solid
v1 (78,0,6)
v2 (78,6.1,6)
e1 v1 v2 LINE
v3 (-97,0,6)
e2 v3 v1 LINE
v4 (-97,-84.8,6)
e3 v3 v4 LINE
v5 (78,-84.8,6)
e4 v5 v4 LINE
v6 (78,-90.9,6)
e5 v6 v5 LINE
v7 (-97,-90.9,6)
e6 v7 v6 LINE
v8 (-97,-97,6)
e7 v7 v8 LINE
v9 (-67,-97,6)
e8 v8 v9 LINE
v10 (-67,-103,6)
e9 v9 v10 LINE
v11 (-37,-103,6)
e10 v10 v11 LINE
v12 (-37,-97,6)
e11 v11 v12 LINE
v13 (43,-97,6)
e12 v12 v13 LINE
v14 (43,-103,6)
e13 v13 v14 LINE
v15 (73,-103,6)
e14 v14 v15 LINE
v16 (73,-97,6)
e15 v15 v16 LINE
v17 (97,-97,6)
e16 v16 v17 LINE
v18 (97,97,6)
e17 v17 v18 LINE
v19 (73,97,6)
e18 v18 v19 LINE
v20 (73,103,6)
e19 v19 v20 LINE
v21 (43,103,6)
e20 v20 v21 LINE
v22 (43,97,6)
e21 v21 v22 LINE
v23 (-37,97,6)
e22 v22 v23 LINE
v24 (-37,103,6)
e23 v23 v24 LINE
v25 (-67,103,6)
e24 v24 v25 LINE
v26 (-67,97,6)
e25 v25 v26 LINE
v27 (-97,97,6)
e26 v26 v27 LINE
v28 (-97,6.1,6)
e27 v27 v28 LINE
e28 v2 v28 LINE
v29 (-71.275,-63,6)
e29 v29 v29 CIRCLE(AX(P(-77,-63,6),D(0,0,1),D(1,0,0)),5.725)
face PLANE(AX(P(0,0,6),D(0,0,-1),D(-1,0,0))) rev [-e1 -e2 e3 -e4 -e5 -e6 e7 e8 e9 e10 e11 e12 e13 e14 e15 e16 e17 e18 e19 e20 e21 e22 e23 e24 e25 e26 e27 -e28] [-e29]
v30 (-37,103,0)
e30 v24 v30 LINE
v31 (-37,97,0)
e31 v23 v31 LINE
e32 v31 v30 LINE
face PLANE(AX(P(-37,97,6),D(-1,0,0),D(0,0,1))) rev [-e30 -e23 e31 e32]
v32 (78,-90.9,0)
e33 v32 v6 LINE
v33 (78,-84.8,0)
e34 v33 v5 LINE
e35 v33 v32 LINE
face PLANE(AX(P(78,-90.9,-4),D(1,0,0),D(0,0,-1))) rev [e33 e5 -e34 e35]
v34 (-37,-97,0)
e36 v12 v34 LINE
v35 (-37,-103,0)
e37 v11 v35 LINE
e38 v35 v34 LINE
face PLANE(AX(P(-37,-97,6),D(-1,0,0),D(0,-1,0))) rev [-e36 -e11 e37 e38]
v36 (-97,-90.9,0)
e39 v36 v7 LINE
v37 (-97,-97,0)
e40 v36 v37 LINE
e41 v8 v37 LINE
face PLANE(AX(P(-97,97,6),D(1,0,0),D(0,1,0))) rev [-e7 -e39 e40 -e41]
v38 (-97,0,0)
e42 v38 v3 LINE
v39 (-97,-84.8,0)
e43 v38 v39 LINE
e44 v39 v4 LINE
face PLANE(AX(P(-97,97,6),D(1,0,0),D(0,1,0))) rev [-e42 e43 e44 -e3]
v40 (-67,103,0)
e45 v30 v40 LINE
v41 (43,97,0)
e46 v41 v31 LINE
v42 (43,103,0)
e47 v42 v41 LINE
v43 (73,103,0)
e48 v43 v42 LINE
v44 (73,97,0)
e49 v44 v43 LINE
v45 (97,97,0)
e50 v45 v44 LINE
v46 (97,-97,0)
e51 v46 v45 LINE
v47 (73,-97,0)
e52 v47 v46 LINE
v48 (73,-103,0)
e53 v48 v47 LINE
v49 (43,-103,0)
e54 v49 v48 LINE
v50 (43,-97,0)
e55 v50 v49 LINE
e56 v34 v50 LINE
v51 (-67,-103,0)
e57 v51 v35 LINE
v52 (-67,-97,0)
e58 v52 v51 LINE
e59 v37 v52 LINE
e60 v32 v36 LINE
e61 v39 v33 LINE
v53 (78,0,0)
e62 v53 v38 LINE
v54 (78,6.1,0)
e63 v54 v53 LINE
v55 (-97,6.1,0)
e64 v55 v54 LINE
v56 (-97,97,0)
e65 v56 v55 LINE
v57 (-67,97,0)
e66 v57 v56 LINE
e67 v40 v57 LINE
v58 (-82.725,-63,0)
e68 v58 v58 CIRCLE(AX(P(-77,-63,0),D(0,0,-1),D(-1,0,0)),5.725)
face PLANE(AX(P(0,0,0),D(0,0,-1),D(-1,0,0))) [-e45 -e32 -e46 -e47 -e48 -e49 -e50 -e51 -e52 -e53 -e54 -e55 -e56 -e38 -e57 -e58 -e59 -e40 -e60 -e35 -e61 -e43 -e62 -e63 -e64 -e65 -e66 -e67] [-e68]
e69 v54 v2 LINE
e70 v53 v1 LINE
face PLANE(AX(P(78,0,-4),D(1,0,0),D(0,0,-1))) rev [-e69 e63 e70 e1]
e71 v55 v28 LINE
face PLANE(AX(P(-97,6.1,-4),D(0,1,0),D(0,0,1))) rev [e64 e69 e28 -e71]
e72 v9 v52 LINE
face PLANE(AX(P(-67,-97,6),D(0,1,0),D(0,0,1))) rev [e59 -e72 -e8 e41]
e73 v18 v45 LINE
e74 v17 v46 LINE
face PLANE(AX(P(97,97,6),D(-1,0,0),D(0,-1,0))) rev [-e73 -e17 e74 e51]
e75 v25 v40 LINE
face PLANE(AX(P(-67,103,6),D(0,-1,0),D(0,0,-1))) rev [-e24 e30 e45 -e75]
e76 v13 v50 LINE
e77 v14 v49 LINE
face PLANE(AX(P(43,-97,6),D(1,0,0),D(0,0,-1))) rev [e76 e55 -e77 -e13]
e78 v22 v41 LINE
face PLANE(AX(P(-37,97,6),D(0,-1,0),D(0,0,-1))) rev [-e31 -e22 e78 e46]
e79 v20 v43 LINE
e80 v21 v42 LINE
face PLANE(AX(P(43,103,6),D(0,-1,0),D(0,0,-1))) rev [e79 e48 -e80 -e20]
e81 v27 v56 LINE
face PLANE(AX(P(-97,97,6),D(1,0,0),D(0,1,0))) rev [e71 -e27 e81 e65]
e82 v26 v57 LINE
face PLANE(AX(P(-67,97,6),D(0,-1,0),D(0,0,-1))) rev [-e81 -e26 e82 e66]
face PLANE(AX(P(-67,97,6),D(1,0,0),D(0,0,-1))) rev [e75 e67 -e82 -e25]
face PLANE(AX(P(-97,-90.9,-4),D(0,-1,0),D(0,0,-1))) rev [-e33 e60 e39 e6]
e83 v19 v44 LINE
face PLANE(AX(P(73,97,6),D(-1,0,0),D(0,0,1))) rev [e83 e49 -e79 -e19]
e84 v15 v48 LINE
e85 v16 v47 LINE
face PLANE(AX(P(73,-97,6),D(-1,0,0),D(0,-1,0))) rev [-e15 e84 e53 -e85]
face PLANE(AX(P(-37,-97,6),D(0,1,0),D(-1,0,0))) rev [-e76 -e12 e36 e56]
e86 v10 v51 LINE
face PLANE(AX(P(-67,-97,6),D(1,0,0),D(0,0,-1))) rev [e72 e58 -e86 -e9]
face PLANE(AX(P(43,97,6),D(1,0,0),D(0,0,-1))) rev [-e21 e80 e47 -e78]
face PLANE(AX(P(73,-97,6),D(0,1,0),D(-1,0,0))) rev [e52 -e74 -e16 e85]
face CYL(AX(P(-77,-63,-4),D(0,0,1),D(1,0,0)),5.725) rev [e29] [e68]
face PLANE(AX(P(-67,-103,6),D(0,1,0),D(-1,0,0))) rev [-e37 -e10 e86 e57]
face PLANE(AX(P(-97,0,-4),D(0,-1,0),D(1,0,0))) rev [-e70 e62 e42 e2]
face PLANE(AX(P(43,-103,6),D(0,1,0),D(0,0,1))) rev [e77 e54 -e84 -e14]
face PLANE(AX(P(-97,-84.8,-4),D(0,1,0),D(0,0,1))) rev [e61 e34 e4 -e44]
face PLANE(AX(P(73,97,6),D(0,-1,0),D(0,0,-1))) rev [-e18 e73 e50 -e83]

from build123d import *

# Parameters (mm, degrees)
RESSALTO_EXTRUS_O1_DEPTH = 6
ESBO_O2_W                = 175
ESBO_O2_H                = 6.1
CORTE_EXTRUS_O1_DEPTH    = 10
ESBO_O3_R                = 5.725
CORTE_EXTRUS_O2_DEPTH    = 10


with BuildPart() as part:
    # Esboço1 → Ressalto-extrusão1 (new body)
    with BuildSketch(Plane.XY):
        Polygon((-67, -97), (-97, -97), (-97, 97), (-67, 97), (-67, 103), (-37, 103), (-37, 97), (43, 97), (43, 103), (73, 103), (73, 97), (97, 97), (97, -97), (73, -97), (73, -103), (43, -103), (43, -97), (-37, -97), (-37, -103), (-67, -103), align=None)
    extrude(amount=RESSALTO_EXTRUS_O1_DEPTH)

    # Esboço2 → Corte-extrusão1 (cut)
    with BuildSketch(Plane.XY.offset(6)):
        with Locations((-9.5, 3.05)):
            Rectangle(ESBO_O2_W, ESBO_O2_H)
        with Locations((-9.5, -87.85)):
            Rectangle(ESBO_O2_W, ESBO_O2_H)
    extrude(amount=-CORTE_EXTRUS_O1_DEPTH, mode=Mode.SUBTRACT)

    # Esboço3 → Corte-extrusão2 (cut)
    with BuildSketch(Plane.XY.offset(6)):
        with Locations((-77, -63)):
            Circle(ESBO_O3_R)
    extrude(amount=-CORTE_EXTRUS_O2_DEPTH, mode=Mode.SUBTRACT)


solid = part.part
